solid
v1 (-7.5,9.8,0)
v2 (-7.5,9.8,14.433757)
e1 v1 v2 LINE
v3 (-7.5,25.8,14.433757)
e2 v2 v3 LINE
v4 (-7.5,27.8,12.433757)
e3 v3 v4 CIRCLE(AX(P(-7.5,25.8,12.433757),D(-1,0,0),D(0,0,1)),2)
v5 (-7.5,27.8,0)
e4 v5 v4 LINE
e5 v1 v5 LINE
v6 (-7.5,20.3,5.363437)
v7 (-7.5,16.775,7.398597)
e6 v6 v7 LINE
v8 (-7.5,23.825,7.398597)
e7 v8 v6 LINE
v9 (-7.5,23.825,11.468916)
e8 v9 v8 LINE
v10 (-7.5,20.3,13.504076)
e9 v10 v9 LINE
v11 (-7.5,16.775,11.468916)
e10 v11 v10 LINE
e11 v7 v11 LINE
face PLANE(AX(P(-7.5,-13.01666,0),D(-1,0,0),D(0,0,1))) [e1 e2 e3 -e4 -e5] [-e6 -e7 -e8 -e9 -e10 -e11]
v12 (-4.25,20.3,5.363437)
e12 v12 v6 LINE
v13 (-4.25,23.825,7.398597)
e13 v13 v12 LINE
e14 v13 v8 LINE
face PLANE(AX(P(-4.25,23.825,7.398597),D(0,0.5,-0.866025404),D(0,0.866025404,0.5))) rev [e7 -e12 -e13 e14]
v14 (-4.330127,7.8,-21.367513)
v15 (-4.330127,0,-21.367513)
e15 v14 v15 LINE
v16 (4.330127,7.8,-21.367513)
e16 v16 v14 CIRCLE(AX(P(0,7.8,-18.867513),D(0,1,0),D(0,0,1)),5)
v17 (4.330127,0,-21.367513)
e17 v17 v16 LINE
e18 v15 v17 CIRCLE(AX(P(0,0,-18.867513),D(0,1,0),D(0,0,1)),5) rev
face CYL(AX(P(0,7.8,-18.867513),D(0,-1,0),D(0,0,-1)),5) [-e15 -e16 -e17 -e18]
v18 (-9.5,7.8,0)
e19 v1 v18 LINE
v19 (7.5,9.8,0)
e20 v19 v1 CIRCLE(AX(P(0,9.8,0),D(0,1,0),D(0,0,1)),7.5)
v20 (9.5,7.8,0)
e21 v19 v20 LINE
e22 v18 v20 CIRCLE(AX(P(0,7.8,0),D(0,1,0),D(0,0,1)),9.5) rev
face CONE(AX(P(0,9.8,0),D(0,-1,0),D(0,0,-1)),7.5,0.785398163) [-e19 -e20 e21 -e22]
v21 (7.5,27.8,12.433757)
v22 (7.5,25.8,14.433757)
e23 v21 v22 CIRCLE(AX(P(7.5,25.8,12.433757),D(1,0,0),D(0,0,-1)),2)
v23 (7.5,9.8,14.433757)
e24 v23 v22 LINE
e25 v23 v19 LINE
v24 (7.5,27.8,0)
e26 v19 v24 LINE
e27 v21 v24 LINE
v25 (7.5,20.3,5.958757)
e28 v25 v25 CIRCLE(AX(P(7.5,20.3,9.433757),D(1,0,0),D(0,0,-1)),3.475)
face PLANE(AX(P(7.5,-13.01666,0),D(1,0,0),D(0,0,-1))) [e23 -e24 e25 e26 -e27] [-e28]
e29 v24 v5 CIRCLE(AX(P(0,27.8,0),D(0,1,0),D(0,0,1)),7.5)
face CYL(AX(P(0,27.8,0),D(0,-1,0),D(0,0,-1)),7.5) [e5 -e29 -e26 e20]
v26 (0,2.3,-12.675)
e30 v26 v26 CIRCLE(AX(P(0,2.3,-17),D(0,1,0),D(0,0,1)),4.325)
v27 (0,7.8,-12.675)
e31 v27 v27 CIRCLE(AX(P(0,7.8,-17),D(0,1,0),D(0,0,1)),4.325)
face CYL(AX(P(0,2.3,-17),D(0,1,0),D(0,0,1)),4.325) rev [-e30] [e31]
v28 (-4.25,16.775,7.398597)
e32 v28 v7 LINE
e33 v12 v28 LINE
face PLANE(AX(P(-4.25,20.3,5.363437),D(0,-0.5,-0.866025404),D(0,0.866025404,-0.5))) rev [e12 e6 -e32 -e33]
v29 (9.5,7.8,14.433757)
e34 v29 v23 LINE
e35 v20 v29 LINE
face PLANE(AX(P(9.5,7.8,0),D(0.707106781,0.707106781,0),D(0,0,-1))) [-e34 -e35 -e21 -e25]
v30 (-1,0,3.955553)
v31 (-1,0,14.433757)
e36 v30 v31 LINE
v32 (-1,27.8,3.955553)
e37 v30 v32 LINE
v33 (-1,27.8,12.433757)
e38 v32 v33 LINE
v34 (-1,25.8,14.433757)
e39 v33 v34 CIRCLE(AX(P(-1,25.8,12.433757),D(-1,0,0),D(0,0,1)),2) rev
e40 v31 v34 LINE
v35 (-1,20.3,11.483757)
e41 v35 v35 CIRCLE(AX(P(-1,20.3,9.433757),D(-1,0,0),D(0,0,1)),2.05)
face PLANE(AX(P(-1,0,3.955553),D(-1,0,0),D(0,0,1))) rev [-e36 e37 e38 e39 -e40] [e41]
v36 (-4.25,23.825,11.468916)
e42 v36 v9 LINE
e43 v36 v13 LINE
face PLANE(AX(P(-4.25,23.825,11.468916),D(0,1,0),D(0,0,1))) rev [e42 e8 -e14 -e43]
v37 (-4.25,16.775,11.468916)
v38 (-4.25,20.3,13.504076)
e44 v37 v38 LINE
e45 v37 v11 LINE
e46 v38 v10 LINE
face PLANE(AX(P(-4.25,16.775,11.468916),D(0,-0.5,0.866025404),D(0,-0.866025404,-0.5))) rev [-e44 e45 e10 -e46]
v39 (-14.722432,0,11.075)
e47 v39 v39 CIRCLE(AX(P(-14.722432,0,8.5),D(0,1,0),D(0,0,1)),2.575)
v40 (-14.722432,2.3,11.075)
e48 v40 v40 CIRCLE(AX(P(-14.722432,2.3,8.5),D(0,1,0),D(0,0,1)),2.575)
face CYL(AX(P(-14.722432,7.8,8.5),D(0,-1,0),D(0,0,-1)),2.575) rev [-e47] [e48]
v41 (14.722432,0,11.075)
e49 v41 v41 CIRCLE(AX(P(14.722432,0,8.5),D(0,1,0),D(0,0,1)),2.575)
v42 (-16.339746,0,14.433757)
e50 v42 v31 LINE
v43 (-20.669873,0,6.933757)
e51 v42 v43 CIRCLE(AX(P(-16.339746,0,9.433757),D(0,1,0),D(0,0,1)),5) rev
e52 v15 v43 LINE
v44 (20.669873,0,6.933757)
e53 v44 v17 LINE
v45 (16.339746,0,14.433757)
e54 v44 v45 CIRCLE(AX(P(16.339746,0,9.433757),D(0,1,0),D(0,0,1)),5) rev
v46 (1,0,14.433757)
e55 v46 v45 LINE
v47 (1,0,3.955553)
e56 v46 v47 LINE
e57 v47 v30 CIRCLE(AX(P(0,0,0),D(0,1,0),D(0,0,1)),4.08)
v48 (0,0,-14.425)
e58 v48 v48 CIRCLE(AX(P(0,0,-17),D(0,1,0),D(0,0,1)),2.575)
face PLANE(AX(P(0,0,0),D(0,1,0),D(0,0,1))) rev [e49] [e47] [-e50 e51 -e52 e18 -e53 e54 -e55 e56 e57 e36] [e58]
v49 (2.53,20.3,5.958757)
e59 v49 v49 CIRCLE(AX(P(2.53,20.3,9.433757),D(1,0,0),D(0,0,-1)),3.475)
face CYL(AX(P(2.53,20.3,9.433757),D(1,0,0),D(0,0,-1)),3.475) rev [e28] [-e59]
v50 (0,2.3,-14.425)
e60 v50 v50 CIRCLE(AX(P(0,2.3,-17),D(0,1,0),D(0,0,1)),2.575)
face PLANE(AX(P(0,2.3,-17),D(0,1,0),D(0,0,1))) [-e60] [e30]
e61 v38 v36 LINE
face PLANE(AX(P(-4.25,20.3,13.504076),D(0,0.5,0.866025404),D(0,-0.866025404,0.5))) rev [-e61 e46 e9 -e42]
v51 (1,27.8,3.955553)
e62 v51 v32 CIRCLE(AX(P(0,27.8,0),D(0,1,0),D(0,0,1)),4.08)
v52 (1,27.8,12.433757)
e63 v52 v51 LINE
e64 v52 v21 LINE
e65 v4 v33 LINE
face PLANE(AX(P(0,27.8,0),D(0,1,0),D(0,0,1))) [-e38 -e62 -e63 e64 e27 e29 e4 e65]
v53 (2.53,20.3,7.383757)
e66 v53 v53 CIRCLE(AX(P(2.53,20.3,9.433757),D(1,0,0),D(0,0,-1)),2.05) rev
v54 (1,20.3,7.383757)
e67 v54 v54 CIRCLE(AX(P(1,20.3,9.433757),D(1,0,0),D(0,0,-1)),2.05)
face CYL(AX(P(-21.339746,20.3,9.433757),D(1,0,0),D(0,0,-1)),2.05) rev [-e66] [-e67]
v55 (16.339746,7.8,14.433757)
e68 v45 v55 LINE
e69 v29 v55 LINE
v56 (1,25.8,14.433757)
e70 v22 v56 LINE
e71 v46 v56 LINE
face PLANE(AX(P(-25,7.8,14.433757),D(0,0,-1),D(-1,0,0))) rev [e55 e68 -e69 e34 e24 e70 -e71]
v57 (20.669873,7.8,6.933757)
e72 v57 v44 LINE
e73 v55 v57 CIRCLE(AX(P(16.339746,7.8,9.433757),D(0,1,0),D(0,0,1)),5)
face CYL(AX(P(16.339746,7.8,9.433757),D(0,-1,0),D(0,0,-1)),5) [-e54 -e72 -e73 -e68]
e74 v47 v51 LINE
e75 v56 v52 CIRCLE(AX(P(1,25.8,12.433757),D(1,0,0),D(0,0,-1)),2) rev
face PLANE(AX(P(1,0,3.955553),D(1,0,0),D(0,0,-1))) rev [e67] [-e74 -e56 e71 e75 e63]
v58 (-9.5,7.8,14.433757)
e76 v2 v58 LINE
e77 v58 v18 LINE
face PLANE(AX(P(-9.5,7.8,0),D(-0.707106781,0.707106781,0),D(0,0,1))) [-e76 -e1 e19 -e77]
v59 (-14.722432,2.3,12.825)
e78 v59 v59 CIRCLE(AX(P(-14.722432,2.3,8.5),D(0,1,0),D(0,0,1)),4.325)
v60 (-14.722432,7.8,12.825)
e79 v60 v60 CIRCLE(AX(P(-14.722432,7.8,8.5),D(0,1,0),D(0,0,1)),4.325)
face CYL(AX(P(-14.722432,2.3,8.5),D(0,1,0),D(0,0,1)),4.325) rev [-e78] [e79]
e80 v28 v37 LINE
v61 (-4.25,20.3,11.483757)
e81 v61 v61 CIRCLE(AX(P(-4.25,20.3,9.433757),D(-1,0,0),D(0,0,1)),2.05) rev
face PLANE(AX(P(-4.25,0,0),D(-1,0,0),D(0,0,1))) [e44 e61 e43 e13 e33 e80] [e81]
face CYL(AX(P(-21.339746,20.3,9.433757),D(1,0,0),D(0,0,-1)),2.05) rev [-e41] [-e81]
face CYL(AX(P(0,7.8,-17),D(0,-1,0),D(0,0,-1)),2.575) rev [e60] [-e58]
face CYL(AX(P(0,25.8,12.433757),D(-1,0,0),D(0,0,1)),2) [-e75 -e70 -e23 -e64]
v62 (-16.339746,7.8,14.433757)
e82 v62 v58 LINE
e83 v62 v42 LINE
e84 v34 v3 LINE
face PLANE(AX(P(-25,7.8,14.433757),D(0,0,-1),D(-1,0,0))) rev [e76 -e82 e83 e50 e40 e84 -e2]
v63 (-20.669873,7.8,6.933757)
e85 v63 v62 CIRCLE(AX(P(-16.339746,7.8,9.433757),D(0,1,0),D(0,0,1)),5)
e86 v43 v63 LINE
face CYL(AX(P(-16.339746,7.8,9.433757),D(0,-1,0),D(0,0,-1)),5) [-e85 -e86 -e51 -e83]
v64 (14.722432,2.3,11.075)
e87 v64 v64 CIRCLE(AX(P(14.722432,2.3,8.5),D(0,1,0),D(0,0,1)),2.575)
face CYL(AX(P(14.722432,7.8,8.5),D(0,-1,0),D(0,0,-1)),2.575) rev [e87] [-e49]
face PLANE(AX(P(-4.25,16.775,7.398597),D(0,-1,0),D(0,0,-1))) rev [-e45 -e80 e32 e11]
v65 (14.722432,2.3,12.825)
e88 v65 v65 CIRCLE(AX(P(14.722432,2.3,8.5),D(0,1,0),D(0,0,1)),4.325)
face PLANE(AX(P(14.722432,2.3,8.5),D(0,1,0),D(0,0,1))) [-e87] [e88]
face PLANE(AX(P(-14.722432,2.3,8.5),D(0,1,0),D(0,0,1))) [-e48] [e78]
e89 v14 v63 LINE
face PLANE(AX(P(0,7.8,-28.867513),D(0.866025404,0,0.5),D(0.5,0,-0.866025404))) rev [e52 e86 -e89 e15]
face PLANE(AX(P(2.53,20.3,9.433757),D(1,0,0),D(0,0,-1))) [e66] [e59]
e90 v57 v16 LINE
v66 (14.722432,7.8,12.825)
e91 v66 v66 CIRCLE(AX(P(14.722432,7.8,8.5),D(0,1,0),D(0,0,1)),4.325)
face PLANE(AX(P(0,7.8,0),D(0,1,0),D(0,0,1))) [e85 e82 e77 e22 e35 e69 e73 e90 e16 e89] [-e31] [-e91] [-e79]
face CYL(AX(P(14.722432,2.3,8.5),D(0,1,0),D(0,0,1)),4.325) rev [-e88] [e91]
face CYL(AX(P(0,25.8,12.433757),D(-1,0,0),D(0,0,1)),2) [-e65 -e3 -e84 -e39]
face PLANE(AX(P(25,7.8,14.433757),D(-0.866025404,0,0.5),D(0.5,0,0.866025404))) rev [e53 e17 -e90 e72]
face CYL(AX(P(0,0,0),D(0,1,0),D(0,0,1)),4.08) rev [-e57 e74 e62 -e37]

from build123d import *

# Parameters (mm, degrees)
ESQUISSE5_R             = 2.575
BOSS_EXTRU_2_DEPTH      = 7.8
ESQUISSE6_R             = 7.5
BOSS_EXTRU_3_DEPTH      = 20
BOSS_EXTRU_6_START      = -20
BOSS_EXTRU_6_DEPTH      = 20
ESQUISSE14_R            = 4.08
ENL_V_MAT_EXTRU_4_DEPTH = 48.235297536
ENL_V_MAT_EXTRU_5_DEPTH = 48.235297536
CONG_2_R                = 5
ESQUISSE17_R            = 2.05
ENL_V_MAT_EXTRU_6_DEPTH = 47.62863011
ENL_V_MAT_EXTRU_7_DEPTH = 3.25
ESQUISSE19_R            = 4.325
ENL_V_MAT_EXTRU_8_DEPTH = 5.5
ESQUISSE20_R            = 3.475
ENL_V_MAT_EXTRU_9_DEPTH = 4.97
CONG_3_R                = 2
CHANFREIN2_SIZE         = 2


with BuildPart() as part:
    # Esquisse5 → Boss.-Extru.2 (new body)
    with BuildSketch(Plane(origin=(0, 0, 0), x_dir=(1, 0, 0), z_dir=(0, 1, 0))):
        Polygon((-25, -14.43375673), (25, -14.43375673), (0, 28.867513459), align=None)
        with Locations(Location((0, 17, 0), (0, 0, 270))):
            Circle(ESQUISSE5_R, mode=Mode.SUBTRACT)
        with Locations(Location((-14.722431864, -8.5, 0), (0, 0, 270))):
            Circle(ESQUISSE5_R, mode=Mode.SUBTRACT)
        with Locations(Location((14.722431864, -8.5, 0), (0, 0, 270))):
            Circle(ESQUISSE5_R, mode=Mode.SUBTRACT)
    extrude(amount=BOSS_EXTRU_2_DEPTH)

    # Esquisse6 → Boss.-Extru.3 (add)
    with BuildSketch(Plane(origin=(0, 7.8, 0), x_dir=(1, 0, 0), z_dir=(0, 1, 0))):
        with Locations(Location((0, 0, 0), (0, 0, 270))):
            Circle(ESQUISSE6_R)
    extrude(amount=BOSS_EXTRU_3_DEPTH)

    # Esquisse13 → Boss.-Extru.6 (add)
    with BuildSketch(Plane(origin=(0, 27.8, 0), x_dir=(1, 0, 0), z_dir=(0, 1, 0)).offset(BOSS_EXTRU_6_START)):
        with BuildLine():
            Line((-7.5, 0), (-7.5, -14.43375673))
            Line((-7.5, -14.43375673), (7.5, -14.43375673))
            Line((7.5, -14.43375673), (7.5, 0))
            ThreePointArc((7.5, 0), (0, -7.5), (-7.5, 0))
        make_face()
    extrude(amount=BOSS_EXTRU_6_DEPTH)

    # Esquisse14 → Enlèv. mat.-Extru.4 (cut, through all)
    with BuildSketch(Plane(origin=(0, 27.8, 0), x_dir=(1, 0, 0), z_dir=(0, 1, 0))):
        with Locations(Location((0, 0, 0), (0, 0, 270))):
            Circle(ESQUISSE14_R)
    extrude(amount=-ENL_V_MAT_EXTRU_4_DEPTH, mode=Mode.SUBTRACT)

    # Esquisse15 → Enlèv. mat.-Extru.5 (cut, through all)
    with BuildSketch(Plane(origin=(0, 27.8, 0), x_dir=(1, 0, 0), z_dir=(0, 1, 0))):
        with BuildLine():
            Line((-1, -3.955553059), (-1, -14.43375673))
            Line((-1, -14.43375673), (1, -14.43375673))
            Line((1, -14.43375673), (1, -3.955553059))
            ThreePointArc((1, -3.955553059), (0, -4.08), (-1, -3.955553059))
        make_face()
    extrude(amount=-ENL_V_MAT_EXTRU_5_DEPTH, mode=Mode.SUBTRACT)

    # Congé2
    cong_2_edges = [part.edges().sort_by_distance(p)[0] for p in [
        (0, 3.9, -28.867513459),
        (25, 3.9, 14.43375673),
        (-25, 3.9, 14.43375673),
    ]]
    fillet(cong_2_edges, radius=CONG_2_R)

    # Esquisse17 → Enlèv. mat.-Extru.6 (cut, through all)
    with BuildSketch(Plane(origin=(7.5, 0, 0), x_dir=(0, 0, -1), z_dir=(1, 0, 0))):
        with Locations((-9.43375673, 20.3)):
            Circle(ESQUISSE17_R)
    extrude(amount=-ENL_V_MAT_EXTRU_6_DEPTH, mode=Mode.SUBTRACT)

    # Esquisse18 → Enlèv. mat.-Extru.7 (cut)
    with BuildSketch(Plane.ZY.offset(7.5)):
        Polygon((11.468916429, 23.825), (7.398597031, 23.825), (5.363437332, 20.3), (7.398597031, 16.775), (11.468916429, 16.775), (13.504076128, 20.3), align=None)
    extrude(amount=-ENL_V_MAT_EXTRU_7_DEPTH, mode=Mode.SUBTRACT)

    # Esquisse19 → Enlèv. mat.-Extru.8 (cut)
    with BuildSketch(Plane(origin=(0, 7.8, 0), x_dir=(1, 0, 0), z_dir=(0, 1, 0))):
        with Locations(Location((0, 17, 0), (0, 0, 270))):
            Circle(ESQUISSE19_R)
        with Locations(Location((14.722431864, -8.5, 0), (0, 0, 270))):
            Circle(ESQUISSE19_R)
        with Locations(Location((-14.722431864, -8.5, 0), (0, 0, 270))):
            Circle(ESQUISSE19_R)
    extrude(amount=-ENL_V_MAT_EXTRU_8_DEPTH, mode=Mode.SUBTRACT)

    # Esquisse20 → Enlèv. mat.-Extru.9 (cut)
    with BuildSketch(Plane(origin=(7.5, 0, 0), x_dir=(0, 0, -1), z_dir=(1, 0, 0))):
        with Locations((-9.43375673, 20.3)):
            Circle(ESQUISSE20_R)
    extrude(amount=-ENL_V_MAT_EXTRU_9_DEPTH, mode=Mode.SUBTRACT)

    # Congé3
    cong_3_edges = [part.edges().sort_by_distance(p)[0] for p in [
        (-4.25, 27.8, 14.43375673),
        (4.25, 27.8, 14.43375673),
    ]]
    fillet(cong_3_edges, radius=CONG_3_R)

    # Chanfrein2
    chanfrein2_edges = [part.edges().sort_by_distance(p)[0] for p in [
        (0, 7.8, -7.5),
        (7.5, 7.8, 7.216878365),
        (-7.5, 7.8, 7.216878365),
    ]]
    chamfer(chanfrein2_edges, length=CHANFREIN2_SIZE)


solid = part.part
